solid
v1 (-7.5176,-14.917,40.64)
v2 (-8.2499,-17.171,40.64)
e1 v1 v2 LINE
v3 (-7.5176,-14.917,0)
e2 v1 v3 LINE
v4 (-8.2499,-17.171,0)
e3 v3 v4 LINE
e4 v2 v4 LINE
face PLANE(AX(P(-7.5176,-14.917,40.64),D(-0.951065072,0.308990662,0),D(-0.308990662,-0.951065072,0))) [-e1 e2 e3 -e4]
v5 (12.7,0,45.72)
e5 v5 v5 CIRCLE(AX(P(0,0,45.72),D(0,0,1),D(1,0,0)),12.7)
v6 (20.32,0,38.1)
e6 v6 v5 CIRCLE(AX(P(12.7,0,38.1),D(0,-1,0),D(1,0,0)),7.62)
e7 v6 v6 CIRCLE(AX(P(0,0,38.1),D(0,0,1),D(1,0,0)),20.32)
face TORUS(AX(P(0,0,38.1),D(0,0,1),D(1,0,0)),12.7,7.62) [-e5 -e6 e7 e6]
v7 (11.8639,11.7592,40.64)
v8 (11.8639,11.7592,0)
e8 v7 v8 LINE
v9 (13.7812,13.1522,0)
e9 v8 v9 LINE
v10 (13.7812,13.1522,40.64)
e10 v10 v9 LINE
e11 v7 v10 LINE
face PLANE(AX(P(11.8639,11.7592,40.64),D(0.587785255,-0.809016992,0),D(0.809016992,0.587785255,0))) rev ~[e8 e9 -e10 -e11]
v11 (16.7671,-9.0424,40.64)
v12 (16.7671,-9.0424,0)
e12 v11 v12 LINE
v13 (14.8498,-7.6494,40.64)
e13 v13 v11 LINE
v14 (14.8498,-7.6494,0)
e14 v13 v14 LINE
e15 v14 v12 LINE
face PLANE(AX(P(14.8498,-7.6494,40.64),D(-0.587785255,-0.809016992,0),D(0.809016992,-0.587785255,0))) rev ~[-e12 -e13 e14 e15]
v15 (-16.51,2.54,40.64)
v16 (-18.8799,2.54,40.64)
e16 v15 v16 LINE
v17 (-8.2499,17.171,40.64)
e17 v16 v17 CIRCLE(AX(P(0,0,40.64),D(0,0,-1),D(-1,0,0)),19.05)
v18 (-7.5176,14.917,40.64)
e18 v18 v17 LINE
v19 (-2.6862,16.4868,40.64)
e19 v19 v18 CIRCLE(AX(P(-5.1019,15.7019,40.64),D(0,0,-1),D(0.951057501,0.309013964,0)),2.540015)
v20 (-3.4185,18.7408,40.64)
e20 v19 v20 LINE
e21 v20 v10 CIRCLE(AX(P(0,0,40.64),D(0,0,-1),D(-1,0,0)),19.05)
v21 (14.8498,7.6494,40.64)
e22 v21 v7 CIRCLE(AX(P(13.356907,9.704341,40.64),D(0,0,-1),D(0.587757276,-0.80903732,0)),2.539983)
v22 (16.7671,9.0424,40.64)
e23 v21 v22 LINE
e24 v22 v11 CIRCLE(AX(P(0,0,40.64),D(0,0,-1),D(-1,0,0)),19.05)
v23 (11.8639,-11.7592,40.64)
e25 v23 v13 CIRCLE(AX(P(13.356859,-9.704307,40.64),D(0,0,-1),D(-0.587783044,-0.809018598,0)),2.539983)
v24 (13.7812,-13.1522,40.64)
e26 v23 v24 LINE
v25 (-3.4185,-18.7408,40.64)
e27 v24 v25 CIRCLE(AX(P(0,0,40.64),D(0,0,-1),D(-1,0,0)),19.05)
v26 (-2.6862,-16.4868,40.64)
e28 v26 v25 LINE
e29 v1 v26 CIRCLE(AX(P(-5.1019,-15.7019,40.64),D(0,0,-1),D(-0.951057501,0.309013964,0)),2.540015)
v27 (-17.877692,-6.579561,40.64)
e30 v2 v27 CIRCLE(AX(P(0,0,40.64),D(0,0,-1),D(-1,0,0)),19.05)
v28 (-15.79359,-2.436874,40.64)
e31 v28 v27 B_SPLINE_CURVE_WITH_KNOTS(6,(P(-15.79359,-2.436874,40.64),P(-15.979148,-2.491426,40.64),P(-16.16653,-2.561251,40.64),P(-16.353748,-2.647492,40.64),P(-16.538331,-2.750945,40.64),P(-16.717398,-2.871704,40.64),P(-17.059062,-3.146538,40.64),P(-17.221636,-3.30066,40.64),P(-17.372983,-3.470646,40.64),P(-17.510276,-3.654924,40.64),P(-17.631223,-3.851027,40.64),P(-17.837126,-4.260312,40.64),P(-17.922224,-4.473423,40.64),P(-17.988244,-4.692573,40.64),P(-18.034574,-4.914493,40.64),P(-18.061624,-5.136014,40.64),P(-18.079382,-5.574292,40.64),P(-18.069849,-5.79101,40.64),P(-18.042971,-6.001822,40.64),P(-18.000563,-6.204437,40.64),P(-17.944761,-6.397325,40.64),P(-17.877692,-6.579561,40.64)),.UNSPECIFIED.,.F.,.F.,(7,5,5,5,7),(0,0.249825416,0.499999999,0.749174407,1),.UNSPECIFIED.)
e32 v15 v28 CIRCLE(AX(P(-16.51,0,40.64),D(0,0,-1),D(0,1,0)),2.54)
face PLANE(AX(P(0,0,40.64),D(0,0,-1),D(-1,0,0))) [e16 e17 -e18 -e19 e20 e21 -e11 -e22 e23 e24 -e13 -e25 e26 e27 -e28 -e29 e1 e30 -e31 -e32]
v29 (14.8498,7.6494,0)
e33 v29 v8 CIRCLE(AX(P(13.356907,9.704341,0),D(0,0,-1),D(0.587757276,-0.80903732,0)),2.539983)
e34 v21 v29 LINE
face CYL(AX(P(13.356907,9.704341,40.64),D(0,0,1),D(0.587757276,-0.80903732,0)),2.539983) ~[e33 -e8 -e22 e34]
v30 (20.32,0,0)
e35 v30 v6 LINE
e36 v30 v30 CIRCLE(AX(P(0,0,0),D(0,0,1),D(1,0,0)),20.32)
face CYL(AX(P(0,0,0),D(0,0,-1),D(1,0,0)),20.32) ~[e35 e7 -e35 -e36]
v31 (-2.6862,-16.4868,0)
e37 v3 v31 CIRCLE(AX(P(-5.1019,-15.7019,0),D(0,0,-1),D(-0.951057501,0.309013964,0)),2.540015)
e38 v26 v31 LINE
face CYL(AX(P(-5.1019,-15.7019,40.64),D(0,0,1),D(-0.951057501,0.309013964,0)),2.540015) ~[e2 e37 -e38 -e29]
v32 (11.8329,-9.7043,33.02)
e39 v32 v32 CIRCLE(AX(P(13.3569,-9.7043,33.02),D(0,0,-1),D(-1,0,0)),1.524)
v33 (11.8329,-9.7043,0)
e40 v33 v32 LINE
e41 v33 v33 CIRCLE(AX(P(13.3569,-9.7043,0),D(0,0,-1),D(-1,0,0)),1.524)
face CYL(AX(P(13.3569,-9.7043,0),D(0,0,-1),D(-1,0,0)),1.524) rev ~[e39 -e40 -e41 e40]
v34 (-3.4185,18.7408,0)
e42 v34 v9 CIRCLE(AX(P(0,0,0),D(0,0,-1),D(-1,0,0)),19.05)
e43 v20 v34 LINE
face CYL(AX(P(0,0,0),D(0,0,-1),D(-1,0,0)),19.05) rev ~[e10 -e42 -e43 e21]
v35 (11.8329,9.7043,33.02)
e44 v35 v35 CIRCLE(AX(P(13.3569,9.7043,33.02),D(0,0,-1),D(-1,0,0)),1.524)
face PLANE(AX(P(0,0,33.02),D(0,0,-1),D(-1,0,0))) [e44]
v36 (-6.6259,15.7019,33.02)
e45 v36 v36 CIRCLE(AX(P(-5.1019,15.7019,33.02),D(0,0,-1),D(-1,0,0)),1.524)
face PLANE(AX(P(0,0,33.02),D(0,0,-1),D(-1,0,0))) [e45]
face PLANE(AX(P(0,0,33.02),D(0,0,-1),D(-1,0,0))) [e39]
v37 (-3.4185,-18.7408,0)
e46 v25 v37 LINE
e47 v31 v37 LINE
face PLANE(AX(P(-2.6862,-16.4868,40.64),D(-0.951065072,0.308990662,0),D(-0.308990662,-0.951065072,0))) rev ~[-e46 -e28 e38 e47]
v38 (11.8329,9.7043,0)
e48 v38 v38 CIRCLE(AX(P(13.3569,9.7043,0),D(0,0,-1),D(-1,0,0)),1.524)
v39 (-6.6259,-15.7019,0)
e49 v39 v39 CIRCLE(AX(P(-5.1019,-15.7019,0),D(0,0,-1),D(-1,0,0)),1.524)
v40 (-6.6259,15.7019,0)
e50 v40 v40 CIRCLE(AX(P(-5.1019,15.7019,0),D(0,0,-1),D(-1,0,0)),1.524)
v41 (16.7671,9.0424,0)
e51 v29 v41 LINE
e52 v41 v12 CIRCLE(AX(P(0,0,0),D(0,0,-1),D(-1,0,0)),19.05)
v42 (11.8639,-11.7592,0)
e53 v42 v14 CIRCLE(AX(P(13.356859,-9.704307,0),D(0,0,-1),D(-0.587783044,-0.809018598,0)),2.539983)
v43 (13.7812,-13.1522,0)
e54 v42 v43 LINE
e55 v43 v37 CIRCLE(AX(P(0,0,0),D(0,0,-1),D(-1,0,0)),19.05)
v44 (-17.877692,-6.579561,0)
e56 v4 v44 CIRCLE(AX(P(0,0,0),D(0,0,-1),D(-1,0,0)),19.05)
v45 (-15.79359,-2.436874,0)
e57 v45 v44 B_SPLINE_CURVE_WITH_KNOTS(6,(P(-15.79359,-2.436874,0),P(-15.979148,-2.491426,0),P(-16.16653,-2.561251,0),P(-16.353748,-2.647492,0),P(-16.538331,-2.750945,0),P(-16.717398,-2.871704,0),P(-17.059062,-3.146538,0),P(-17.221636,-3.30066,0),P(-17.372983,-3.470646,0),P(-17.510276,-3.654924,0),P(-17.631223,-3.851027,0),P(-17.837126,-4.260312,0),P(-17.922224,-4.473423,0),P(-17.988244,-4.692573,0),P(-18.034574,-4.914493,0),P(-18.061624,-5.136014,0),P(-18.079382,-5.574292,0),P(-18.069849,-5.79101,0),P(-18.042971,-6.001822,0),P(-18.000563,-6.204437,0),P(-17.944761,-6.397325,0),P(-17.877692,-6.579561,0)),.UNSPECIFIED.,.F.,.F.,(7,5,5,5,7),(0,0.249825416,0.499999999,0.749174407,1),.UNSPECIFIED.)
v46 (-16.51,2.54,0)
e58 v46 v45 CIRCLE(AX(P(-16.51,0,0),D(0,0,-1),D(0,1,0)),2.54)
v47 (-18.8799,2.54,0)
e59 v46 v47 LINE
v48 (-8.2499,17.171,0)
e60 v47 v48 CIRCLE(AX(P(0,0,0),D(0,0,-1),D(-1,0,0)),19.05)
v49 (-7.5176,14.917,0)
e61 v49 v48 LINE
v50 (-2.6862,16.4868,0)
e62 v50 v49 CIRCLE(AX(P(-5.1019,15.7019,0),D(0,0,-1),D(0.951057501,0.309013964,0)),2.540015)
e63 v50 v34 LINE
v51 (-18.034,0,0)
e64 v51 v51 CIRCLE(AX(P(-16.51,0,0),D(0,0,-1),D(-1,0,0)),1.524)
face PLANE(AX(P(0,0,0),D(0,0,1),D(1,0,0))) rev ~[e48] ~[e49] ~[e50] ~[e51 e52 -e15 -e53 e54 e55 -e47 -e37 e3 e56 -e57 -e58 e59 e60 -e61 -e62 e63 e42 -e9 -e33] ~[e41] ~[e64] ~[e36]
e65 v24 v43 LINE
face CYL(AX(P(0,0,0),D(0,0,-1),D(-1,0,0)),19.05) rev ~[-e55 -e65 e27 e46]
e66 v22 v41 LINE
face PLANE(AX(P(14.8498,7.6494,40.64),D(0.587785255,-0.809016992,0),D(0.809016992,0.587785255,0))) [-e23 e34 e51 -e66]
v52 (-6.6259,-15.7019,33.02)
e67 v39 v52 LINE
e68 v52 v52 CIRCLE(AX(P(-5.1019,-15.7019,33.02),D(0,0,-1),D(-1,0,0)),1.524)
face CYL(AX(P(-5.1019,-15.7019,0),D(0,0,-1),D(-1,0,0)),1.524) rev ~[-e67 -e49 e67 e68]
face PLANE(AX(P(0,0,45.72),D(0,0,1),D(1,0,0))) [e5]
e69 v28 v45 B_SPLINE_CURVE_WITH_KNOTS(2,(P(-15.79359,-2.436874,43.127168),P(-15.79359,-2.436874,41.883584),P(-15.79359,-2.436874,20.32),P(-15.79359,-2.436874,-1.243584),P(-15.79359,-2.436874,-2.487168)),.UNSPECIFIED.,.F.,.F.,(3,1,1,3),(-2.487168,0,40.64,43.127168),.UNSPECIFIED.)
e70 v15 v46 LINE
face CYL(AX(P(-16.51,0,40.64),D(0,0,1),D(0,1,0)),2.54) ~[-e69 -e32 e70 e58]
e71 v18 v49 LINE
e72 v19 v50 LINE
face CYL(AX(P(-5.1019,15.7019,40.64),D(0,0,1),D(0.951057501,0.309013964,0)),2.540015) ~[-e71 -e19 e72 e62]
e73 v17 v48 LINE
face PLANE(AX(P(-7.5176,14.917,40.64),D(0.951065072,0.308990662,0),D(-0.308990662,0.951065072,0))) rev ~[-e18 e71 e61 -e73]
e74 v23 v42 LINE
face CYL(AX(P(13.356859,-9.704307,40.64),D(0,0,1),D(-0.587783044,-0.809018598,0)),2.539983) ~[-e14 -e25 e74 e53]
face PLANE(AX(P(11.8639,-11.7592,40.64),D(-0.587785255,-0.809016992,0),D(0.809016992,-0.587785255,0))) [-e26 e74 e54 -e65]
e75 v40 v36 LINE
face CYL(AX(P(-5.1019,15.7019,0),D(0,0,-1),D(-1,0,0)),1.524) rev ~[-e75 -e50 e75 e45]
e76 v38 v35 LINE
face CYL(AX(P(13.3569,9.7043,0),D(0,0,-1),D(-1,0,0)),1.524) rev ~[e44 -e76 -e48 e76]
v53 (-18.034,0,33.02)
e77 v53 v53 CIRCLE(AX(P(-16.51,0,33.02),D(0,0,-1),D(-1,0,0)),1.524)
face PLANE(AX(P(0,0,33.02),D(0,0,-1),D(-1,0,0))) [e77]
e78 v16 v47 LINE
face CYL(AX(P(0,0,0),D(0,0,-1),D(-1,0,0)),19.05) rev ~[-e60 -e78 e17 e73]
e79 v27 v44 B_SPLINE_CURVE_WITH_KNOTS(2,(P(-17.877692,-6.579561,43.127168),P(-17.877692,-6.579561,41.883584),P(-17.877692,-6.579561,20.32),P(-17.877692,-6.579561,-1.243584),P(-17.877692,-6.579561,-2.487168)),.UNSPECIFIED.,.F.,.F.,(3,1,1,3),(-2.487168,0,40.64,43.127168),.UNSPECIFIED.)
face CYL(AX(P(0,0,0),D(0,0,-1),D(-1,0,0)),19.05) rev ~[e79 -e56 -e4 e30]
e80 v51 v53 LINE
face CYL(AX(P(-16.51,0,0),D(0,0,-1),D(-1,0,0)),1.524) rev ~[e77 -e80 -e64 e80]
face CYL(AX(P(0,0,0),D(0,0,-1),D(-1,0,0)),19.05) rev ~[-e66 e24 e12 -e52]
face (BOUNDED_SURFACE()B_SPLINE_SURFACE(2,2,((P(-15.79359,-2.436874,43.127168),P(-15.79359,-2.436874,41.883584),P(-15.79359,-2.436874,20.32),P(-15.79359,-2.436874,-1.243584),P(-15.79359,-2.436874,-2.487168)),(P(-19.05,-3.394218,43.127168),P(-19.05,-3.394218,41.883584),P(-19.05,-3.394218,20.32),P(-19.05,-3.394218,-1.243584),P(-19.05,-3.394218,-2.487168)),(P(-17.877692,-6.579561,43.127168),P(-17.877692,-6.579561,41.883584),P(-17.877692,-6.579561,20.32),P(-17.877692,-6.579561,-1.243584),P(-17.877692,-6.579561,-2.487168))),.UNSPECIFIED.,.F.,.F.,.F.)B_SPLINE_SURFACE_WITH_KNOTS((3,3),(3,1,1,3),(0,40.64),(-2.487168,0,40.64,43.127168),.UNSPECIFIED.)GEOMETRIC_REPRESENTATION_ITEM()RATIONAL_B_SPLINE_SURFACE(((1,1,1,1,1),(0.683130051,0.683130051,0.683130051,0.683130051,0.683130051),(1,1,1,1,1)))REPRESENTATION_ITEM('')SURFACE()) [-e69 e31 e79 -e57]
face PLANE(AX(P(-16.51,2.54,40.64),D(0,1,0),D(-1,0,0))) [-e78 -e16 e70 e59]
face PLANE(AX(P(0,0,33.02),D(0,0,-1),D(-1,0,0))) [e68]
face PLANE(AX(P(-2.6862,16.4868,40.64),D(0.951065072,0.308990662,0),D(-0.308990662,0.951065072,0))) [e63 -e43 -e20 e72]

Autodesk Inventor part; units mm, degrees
ref_plane "YZ Plane" through (0, 0, 0) normal (1, 0, 0) x (0, 1, 0)
ref_plane "XZ Plane" through (0, 0, 0) normal (0, 1, 0) x (-1, 0, 0)
ref_plane "XY Plane" through (0, 0, 0) normal (0, 0, 1) x (1, 0, 0)
sketch "Sketch1" plane through (0, 0, 0) normal (0, 0, 1) x (1, 0, 0)
  circle A0 centre (0, 0) radius 20.32
  dimension "d0" = 40.64
extrude "Extrusion1" add sketch "Sketch1" along normal blind 45.72
sketch "Sketch2" plane through (0, 0, 0) normal (0, 0, -1) x (-1, 0, 0)
  circle A0 centre (0, 0) radius 19.05
  circle A1 centre (0, 0) radius 20.32 projected
  dimension "d3" = 38.1
extrude "Extrusion2" cut sketch "Sketch2" against normal blind 40.64 contours A0
sketch "Sketch3" plane through (0, 0, 40.64) normal (0, 0, -1) x (-1, 0, 0)
  arc A0 (16.51, 2.54) -> (16.51, -2.54) centre (16.51, 0) ccw
  circle A1 centre (0, 0) radius 19.05 projected
  line L0 (16.51, 2.54) -> (18.8799, 2.54)
  line L1 (16.51, -2.54) -> (18.8799, -2.54)
  arc A2 (18.8799, -2.54) -> (18.8799, 2.54) centre (0, 0) ccw
  line L2 (2.6862, 16.4868) -> (3.4185, 18.7408)
  arc A3 (8.2499, 17.171) -> (3.4185, 18.7408) centre (0, 0) ccw
  line L3 (7.5176, 14.917) -> (8.2499, 17.171)
  arc A4 (2.6862, 16.4868) -> (7.5176, 14.917) centre (5.1019, 15.7019) ccw
  line L4 (-14.8498, 7.6494) -> (-16.7671, 9.0424)
  arc A5 (-13.7812, 13.1522) -> (-16.7671, 9.0424) centre (0, 0) ccw
  line L5 (-11.8639, 11.7592) -> (-13.7812, 13.1522)
  arc A6 (-14.8498, 7.6494) -> (-11.8639, 11.7592) centre (-13.3569, 9.7043) ccw
  line L6 (-11.8639, -11.7592) -> (-13.7812, -13.1522)
  arc A7 (-16.7671, -9.0424) -> (-13.7812, -13.1522) centre (0, 0) ccw
  line L7 (-14.8498, -7.6494) -> (-16.7671, -9.0424)
  arc A8 (-11.8639, -11.7592) -> (-14.8498, -7.6494) centre (-13.3569, -9.7043) ccw
  line L8 (7.5176, -14.917) -> (8.2499, -17.171)
  arc A9 (3.4185, -18.7408) -> (8.2499, -17.171) centre (0, 0) ccw
  line L9 (2.6862, -16.4868) -> (3.4185, -18.7408)
  arc A10 (7.5176, -14.917) -> (2.6862, -16.4868) centre (5.1019, -15.7019) ccw
  dimension "d6" = 5.08
  dimension "d9" = 360
extrude "Extrusion3" add sketch "Sketch3" along normal up to surface (40.64 mm away) contours L0 A1 L1 A0 | L3 A4 L2 A1 | A1 L9 A10 L8 | L5 A6 L4 A1 | A1 L7 A8 L6
sketch "Sketch4" plane through (0, 0, 0) normal (0, 0, -1) x (-1, 0, 0)
  arc A0 (16.51, 2.54) -> (16.51, -2.54) centre (16.51, 0) ccw projected
  circle A1 centre (16.51, 0) radius 1.524
  circle A2 centre (5.1019, 15.7019) radius 1.524
  circle A3 centre (-13.3569, 9.7043) radius 1.524
  circle A4 centre (-13.3569, -9.7043) radius 1.524
  circle A5 centre (5.1019, -15.7019) radius 1.524
  point P0 (0, 0)
  dimension "d13" = 3.048
  dimension "d16" = 360
extrude "Extrusion4" cut sketch "Sketch4" against normal blind 33.02
fillet "Fillet1" radius 7.62 1 edges at (-20.32, 0, 45.72)
fillet "Fillet2" radius 3.175 1 edges at (-18.8799, -2.54, 20.32)
properties part number "MetalFrame"
